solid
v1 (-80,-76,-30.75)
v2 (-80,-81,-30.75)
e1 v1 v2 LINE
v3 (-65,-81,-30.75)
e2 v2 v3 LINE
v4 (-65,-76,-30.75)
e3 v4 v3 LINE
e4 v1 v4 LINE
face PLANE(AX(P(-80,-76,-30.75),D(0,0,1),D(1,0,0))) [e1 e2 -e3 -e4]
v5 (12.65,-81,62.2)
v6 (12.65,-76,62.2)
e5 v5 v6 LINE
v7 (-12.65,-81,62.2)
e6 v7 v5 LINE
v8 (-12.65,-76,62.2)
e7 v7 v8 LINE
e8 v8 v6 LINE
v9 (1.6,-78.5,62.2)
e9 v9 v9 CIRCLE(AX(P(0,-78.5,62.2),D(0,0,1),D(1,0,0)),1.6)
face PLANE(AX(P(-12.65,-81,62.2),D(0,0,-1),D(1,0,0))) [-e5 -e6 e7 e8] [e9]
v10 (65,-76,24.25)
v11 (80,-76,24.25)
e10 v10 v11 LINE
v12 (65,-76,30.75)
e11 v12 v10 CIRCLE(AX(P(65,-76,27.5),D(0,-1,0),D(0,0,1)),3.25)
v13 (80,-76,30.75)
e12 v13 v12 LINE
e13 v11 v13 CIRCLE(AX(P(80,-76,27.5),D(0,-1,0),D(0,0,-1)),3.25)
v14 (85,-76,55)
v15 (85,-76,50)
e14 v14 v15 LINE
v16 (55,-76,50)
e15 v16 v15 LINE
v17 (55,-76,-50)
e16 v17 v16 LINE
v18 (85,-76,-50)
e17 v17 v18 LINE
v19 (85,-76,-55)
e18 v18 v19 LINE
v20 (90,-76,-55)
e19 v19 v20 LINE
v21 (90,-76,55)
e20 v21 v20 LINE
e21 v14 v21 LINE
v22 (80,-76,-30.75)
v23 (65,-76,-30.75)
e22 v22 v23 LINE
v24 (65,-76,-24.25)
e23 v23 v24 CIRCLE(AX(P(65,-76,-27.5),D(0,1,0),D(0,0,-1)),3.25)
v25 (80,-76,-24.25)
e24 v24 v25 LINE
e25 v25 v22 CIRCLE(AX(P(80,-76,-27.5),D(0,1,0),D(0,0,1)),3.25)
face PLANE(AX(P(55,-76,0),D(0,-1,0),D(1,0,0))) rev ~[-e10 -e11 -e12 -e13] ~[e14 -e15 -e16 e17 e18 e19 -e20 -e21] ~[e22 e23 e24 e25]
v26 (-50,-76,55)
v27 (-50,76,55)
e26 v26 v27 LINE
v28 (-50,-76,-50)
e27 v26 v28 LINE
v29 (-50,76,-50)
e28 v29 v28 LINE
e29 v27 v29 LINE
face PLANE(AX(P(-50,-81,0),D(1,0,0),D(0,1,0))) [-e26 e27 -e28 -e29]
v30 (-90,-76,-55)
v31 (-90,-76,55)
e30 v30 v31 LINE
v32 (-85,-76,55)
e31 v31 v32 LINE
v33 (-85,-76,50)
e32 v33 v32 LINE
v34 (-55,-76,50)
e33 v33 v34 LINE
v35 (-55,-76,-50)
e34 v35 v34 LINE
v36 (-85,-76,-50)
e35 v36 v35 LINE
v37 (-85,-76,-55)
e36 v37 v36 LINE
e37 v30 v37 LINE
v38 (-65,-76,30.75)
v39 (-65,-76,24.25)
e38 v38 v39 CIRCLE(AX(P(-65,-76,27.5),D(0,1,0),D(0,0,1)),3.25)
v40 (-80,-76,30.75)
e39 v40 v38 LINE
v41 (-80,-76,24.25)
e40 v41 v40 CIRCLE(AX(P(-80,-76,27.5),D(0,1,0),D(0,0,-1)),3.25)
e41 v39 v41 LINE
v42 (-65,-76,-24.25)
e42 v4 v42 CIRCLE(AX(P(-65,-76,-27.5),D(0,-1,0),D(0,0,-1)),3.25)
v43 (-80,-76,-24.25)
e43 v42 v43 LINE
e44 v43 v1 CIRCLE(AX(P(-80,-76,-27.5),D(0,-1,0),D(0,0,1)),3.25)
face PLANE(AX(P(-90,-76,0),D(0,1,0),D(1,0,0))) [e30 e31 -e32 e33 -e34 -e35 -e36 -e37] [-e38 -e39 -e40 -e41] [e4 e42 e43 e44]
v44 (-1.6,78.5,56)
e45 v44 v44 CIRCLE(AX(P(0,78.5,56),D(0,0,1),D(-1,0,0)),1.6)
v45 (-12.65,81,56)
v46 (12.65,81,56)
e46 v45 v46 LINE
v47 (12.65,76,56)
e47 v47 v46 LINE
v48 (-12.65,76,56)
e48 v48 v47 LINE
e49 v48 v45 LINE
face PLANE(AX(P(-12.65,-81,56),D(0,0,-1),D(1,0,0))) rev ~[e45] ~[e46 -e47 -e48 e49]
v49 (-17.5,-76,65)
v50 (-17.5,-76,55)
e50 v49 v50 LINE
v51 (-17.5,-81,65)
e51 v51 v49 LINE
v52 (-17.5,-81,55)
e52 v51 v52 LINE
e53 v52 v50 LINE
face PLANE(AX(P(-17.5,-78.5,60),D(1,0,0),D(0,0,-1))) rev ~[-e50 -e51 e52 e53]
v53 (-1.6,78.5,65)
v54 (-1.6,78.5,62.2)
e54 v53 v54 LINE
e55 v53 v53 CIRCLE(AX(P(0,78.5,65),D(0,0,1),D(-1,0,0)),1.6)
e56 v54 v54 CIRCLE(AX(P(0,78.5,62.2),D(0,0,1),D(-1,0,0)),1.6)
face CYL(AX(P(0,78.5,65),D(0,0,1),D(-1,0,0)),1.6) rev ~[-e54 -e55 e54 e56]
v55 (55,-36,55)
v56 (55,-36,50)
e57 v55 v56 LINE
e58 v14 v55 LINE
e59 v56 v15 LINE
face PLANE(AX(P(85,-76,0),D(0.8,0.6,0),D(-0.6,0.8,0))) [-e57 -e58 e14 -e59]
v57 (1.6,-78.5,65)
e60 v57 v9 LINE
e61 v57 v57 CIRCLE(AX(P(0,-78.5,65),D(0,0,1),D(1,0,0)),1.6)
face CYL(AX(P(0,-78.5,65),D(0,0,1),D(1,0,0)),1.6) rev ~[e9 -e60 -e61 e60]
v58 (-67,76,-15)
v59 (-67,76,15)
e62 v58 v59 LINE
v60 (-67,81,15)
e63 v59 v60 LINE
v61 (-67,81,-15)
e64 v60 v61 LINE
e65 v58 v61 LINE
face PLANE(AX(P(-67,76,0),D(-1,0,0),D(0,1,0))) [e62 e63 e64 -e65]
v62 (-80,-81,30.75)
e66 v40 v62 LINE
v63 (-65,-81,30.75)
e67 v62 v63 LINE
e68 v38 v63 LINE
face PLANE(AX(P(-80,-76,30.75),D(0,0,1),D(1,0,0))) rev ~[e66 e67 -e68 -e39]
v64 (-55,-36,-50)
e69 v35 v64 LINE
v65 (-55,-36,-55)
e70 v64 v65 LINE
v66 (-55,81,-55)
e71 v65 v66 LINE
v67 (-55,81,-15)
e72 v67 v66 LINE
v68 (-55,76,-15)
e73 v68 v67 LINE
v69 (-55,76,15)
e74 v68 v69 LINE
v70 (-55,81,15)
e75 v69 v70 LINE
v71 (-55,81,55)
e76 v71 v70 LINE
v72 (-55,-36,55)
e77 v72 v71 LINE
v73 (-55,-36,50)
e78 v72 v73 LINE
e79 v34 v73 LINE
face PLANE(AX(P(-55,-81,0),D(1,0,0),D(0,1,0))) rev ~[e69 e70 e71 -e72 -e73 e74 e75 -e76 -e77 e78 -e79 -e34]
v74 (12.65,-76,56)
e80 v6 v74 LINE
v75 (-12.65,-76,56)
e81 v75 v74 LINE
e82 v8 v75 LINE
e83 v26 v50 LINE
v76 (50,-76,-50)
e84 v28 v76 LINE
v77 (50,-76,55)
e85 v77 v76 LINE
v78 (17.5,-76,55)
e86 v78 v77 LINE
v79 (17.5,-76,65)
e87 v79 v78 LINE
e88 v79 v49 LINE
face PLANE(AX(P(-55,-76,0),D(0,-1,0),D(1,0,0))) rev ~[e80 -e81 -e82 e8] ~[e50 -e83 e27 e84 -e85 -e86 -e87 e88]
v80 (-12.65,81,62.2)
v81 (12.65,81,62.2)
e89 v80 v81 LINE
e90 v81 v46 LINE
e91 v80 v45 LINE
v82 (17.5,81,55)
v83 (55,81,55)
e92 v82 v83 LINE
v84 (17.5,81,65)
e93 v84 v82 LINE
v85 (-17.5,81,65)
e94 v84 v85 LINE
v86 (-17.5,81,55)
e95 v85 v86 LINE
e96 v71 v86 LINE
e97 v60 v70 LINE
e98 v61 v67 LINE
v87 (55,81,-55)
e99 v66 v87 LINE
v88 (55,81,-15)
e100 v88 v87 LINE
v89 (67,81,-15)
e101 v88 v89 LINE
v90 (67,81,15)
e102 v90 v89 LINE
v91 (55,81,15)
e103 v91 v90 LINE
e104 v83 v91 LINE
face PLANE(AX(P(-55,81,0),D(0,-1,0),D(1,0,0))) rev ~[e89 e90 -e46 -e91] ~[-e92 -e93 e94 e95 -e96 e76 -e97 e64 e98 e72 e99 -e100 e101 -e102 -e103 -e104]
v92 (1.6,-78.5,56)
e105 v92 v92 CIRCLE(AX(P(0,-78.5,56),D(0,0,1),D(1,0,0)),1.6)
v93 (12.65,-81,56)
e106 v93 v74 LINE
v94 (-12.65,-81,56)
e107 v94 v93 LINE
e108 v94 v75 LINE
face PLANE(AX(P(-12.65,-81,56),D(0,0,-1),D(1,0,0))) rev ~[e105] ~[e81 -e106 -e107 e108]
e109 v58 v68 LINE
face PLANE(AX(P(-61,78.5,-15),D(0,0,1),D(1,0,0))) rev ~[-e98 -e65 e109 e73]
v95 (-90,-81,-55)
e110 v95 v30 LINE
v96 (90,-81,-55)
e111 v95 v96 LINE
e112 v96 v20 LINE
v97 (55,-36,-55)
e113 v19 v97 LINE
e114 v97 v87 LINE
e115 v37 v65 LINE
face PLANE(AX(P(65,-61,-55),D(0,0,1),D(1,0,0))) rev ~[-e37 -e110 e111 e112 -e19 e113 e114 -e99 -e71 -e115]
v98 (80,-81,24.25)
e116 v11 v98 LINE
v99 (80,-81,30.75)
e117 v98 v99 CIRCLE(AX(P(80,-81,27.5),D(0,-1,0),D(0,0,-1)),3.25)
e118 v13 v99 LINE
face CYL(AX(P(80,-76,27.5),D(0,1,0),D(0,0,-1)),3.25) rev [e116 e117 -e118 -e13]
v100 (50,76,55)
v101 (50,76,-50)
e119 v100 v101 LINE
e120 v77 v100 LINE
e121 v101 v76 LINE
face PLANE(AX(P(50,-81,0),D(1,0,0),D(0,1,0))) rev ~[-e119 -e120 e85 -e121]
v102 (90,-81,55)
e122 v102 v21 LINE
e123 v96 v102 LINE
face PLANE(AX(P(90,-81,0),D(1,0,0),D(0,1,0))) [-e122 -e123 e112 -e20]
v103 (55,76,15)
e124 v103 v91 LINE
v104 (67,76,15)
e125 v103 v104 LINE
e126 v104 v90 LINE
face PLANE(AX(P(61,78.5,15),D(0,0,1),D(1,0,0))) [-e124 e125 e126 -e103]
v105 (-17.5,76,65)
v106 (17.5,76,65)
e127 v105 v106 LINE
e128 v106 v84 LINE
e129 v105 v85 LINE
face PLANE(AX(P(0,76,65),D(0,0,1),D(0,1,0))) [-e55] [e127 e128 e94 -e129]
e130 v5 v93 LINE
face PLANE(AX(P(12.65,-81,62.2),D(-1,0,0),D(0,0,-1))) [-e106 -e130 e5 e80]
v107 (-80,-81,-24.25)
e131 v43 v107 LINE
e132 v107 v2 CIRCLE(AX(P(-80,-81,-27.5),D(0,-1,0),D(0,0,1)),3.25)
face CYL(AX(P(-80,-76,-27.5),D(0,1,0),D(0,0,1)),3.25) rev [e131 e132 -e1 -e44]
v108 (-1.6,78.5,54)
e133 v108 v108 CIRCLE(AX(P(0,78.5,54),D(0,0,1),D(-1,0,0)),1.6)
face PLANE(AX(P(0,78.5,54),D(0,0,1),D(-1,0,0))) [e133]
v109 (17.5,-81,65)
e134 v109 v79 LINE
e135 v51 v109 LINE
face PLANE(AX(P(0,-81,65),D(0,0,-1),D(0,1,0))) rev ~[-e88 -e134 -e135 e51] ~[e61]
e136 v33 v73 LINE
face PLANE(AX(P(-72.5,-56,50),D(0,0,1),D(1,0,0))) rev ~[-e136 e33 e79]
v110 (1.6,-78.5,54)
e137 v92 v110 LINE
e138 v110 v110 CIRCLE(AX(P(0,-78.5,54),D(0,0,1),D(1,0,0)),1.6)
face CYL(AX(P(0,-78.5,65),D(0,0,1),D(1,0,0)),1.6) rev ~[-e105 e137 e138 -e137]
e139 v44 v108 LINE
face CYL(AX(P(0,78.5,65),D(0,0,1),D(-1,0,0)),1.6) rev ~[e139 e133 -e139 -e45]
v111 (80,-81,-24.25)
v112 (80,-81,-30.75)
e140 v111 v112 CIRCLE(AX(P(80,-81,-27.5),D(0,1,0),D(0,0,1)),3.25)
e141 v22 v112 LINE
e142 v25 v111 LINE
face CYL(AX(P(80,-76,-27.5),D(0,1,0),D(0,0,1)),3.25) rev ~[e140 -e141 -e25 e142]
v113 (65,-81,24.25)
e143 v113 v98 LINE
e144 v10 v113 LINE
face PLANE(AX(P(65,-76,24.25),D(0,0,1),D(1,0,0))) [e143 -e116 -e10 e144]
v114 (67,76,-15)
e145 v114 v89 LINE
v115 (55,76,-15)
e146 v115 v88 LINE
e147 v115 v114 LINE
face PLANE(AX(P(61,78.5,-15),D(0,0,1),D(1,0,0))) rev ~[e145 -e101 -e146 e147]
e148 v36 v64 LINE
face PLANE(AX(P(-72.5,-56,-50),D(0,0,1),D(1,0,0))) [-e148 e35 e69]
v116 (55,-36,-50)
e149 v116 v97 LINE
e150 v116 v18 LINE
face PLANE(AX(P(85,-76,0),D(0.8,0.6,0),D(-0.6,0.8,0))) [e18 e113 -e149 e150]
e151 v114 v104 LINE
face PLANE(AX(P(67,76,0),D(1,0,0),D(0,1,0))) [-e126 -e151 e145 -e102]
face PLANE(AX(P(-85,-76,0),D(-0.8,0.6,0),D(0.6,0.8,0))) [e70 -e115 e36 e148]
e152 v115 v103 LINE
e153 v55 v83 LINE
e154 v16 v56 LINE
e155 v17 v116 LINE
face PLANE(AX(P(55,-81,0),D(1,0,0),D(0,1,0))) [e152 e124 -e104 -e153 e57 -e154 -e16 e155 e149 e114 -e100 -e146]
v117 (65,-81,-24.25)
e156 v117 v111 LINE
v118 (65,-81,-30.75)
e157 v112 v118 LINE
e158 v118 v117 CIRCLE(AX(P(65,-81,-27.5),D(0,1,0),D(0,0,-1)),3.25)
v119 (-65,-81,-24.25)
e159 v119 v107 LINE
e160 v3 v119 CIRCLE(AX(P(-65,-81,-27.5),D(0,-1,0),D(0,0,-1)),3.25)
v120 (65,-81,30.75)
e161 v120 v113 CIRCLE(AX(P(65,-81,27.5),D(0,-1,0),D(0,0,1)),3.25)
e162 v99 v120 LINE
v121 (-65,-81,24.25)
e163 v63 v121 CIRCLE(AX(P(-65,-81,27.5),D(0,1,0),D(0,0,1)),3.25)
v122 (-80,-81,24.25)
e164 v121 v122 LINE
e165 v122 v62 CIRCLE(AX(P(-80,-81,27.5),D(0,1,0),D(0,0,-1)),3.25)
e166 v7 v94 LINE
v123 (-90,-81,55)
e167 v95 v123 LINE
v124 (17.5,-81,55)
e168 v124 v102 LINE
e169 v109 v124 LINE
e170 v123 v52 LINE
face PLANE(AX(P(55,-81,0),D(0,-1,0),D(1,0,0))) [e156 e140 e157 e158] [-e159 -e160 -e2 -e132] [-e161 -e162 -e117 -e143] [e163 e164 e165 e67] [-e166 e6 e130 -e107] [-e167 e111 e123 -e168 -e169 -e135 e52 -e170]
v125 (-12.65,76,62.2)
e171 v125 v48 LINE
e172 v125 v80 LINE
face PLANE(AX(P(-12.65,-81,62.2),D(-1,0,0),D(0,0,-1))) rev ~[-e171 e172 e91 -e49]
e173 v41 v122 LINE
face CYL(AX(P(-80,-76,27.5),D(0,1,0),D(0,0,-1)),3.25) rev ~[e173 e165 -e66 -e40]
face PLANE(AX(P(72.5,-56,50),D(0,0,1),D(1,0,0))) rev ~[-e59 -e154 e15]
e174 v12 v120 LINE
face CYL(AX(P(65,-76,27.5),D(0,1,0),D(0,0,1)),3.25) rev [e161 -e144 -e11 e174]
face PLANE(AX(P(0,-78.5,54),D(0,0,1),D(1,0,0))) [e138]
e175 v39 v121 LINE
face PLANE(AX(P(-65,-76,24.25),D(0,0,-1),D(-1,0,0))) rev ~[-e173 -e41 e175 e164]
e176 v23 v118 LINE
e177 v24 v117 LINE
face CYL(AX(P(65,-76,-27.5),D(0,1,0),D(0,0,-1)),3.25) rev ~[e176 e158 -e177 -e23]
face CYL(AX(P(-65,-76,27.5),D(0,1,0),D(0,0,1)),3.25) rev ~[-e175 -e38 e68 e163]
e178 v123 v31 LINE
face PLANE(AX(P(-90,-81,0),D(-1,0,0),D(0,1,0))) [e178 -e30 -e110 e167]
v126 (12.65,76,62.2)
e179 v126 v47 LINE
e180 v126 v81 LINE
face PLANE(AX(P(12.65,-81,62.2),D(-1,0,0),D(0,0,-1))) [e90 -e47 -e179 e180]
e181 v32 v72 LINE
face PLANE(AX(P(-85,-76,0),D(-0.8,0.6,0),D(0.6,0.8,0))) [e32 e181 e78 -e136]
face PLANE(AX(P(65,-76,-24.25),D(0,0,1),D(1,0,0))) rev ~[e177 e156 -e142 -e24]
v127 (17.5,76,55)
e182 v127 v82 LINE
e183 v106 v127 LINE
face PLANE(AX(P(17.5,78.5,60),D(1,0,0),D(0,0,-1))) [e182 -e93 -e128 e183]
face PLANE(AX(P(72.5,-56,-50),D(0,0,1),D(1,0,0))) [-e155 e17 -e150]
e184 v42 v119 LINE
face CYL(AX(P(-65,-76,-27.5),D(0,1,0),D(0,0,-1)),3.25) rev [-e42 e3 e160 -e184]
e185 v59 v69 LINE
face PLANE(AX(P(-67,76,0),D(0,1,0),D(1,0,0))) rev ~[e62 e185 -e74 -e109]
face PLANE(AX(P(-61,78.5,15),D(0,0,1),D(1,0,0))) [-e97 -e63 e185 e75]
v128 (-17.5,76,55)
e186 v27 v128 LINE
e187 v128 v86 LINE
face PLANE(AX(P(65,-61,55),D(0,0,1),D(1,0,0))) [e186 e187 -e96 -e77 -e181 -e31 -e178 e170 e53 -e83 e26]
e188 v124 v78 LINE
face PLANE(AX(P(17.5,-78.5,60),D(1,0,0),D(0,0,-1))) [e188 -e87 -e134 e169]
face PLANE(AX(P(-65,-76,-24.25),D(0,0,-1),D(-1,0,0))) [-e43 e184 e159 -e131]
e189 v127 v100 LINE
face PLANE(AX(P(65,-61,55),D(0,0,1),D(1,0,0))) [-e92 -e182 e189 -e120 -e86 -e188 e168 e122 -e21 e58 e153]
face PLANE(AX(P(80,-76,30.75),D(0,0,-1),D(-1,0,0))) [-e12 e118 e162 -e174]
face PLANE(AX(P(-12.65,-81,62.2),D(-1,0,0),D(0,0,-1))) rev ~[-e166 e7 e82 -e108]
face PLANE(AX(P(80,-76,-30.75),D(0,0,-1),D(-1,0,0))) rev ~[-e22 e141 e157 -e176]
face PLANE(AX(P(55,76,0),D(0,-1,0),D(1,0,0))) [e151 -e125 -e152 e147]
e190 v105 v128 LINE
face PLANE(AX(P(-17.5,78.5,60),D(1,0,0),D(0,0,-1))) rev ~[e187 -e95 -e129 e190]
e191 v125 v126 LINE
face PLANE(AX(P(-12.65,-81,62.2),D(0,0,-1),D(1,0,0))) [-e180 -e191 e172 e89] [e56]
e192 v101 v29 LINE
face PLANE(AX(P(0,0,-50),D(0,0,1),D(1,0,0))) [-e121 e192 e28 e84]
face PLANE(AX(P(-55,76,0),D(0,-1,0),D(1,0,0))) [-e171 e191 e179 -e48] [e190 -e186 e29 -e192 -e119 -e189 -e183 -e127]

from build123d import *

# Parameters (mm, degrees)
SKETCH1_W           = 110
SKETCH1_H           = 162
BOSS_EXTRUDE1_DEPTH = 55
SHELL1_T            = -5
SKETCH2_W           = 35
SKETCH2_H           = 5
BOSS_EXTRUDE2_DEPTH = 55
BOSS_EXTRUDE3_DEPTH = 55
SKETCH12_W          = 35
SKETCH12_H          = 40
CUT_EXTRUDE5_DEPTH  = 50
CUT_EXTRUDE1_DEPTH  = 5
SKETCH6_W           = 12
SKETCH6_H           = 5
BOSS_EXTRUDE4_DEPTH = 15
SKETCH7_W           = 10
SKETCH7_H           = 5
BOSS_EXTRUDE5_DEPTH = 17.5
CUT_EXTRUDE2_START  = -162
SKETCH8_W           = 25.3
SKETCH8_H           = 6.2
CUT_EXTRUDE2_DEPTH  = 162
SKETCH9_R           = 1.6
CUT_EXTRUDE3_DEPTH  = 11


with BuildPart() as part:
    # Sketch1 → Boss-Extrude1 (new, symmetric)
    with BuildSketch(Plane.XY):
        Rectangle(SKETCH1_W, SKETCH1_H)
    extrude(amount=BOSS_EXTRUDE1_DEPTH, both=True)

    # Shell1
    shell1_openings = [part.faces().sort_by_distance(p)[0] for p in [
        (0, 0, 55),
    ]]
    offset(amount=SHELL1_T, openings=shell1_openings, kind=Kind.INTERSECTION)

    # Sketch2 → Boss-Extrude2 (add, symmetric)
    with BuildSketch(Plane.XY):
        with Locations((-72.5, -78.5)):
            Rectangle(SKETCH2_W, SKETCH2_H)
        with Locations((72.5, -78.5)):
            Rectangle(SKETCH2_W, SKETCH2_H)
    extrude(amount=BOSS_EXTRUDE2_DEPTH, both=True)

    # Sketch3 → Boss-Extrude3 (add, symmetric)
    with BuildSketch(Plane.XY):
        Polygon((-85, -76), (-55, -36), (-55, -76), align=None)
        Polygon((55, -36), (55, -76), (85, -76), align=None)
    extrude(amount=BOSS_EXTRUDE3_DEPTH, both=True)

    # Sketch12 → Cut-Extrude5 (cut, symmetric)
    with BuildSketch(Plane.XY):
        with Locations((-72.5, -56)):
            Rectangle(SKETCH12_W, SKETCH12_H)
        with Locations((72.5, -56)):
            Rectangle(SKETCH12_W, SKETCH12_H)
    extrude(amount=CUT_EXTRUDE5_DEPTH, both=True, mode=Mode.SUBTRACT)

    # Sketch5 → Cut-Extrude1 (cut)
    with BuildSketch(Plane(origin=(0, -76, 0), x_dir=(1, 0, 0), z_dir=(0, 1, 0))):
        with BuildLine():
            Line((-80, 30.75), (-65, 30.75))
            ThreePointArc((-65, 30.75), (-61.75, 27.5), (-65, 24.25))
            Line((-65, 24.25), (-80, 24.25))
            ThreePointArc((-80, 24.25), (-83.25, 27.5), (-80, 30.75))
        make_face()
        with BuildLine():
            Line((80, 30.75), (65, 30.75))
            ThreePointArc((65, 30.75), (61.75, 27.5), (65, 24.25))
            Line((65, 24.25), (80, 24.25))
            ThreePointArc((80, 24.25), (83.25, 27.5), (80, 30.75))
        make_face()
        with BuildLine():
            Line((80, -30.75), (65, -30.75))
            ThreePointArc((65, -30.75), (61.75, -27.5), (65, -24.25))
            Line((65, -24.25), (80, -24.25))
            ThreePointArc((80, -24.25), (83.25, -27.5), (80, -30.75))
        make_face()
        with BuildLine():
            Line((-80, -30.75), (-65, -30.75))
            ThreePointArc((-65, -30.75), (-61.75, -27.5), (-65, -24.25))
            Line((-65, -24.25), (-80, -24.25))
            ThreePointArc((-80, -24.25), (-83.25, -27.5), (-80, -30.75))
        make_face()
    extrude(amount=-CUT_EXTRUDE1_DEPTH, mode=Mode.SUBTRACT)

    # Sketch6 → Boss-Extrude4 (add, symmetric)
    with BuildSketch(Plane.XY):
        with Locations((-61, 78.5)):
            Rectangle(SKETCH6_W, SKETCH6_H)
        with Locations((61, 78.5)):
            Rectangle(SKETCH6_W, SKETCH6_H)
    extrude(amount=BOSS_EXTRUDE4_DEPTH, both=True)

    # Sketch7 → Boss-Extrude5 (add, symmetric)
    with BuildSketch(Plane(origin=(0, 0, 0), x_dir=(0, 0, -1), z_dir=(1, 0, 0))):
        with Locations((-60, 78.5)):
            Rectangle(SKETCH7_W, SKETCH7_H)
        with Locations((-60, -78.5)):
            Rectangle(SKETCH7_W, SKETCH7_H)
    extrude(amount=BOSS_EXTRUDE5_DEPTH, both=True)

    # Sketch8 → Cut-Extrude2 (cut)
    with BuildSketch(Plane(origin=(0, 81, 0), x_dir=(1, 0, 0), z_dir=(0, 1, 0)).offset(CUT_EXTRUDE2_START)):
        with Locations((0, -59.1)):
            Rectangle(SKETCH8_W, SKETCH8_H)
    extrude(amount=CUT_EXTRUDE2_DEPTH, mode=Mode.SUBTRACT)

    # Sketch9 → Cut-Extrude3 (cut)
    with BuildSketch(Plane.XY.offset(65)):
        with Locations((0, -78.5)):
            Circle(SKETCH9_R)
        with Locations(Location((0, 78.5, 0), (0, 0, 180))):
            Circle(SKETCH9_R)
    extrude(amount=-CUT_EXTRUDE3_DEPTH, mode=Mode.SUBTRACT)


solid = part.part
